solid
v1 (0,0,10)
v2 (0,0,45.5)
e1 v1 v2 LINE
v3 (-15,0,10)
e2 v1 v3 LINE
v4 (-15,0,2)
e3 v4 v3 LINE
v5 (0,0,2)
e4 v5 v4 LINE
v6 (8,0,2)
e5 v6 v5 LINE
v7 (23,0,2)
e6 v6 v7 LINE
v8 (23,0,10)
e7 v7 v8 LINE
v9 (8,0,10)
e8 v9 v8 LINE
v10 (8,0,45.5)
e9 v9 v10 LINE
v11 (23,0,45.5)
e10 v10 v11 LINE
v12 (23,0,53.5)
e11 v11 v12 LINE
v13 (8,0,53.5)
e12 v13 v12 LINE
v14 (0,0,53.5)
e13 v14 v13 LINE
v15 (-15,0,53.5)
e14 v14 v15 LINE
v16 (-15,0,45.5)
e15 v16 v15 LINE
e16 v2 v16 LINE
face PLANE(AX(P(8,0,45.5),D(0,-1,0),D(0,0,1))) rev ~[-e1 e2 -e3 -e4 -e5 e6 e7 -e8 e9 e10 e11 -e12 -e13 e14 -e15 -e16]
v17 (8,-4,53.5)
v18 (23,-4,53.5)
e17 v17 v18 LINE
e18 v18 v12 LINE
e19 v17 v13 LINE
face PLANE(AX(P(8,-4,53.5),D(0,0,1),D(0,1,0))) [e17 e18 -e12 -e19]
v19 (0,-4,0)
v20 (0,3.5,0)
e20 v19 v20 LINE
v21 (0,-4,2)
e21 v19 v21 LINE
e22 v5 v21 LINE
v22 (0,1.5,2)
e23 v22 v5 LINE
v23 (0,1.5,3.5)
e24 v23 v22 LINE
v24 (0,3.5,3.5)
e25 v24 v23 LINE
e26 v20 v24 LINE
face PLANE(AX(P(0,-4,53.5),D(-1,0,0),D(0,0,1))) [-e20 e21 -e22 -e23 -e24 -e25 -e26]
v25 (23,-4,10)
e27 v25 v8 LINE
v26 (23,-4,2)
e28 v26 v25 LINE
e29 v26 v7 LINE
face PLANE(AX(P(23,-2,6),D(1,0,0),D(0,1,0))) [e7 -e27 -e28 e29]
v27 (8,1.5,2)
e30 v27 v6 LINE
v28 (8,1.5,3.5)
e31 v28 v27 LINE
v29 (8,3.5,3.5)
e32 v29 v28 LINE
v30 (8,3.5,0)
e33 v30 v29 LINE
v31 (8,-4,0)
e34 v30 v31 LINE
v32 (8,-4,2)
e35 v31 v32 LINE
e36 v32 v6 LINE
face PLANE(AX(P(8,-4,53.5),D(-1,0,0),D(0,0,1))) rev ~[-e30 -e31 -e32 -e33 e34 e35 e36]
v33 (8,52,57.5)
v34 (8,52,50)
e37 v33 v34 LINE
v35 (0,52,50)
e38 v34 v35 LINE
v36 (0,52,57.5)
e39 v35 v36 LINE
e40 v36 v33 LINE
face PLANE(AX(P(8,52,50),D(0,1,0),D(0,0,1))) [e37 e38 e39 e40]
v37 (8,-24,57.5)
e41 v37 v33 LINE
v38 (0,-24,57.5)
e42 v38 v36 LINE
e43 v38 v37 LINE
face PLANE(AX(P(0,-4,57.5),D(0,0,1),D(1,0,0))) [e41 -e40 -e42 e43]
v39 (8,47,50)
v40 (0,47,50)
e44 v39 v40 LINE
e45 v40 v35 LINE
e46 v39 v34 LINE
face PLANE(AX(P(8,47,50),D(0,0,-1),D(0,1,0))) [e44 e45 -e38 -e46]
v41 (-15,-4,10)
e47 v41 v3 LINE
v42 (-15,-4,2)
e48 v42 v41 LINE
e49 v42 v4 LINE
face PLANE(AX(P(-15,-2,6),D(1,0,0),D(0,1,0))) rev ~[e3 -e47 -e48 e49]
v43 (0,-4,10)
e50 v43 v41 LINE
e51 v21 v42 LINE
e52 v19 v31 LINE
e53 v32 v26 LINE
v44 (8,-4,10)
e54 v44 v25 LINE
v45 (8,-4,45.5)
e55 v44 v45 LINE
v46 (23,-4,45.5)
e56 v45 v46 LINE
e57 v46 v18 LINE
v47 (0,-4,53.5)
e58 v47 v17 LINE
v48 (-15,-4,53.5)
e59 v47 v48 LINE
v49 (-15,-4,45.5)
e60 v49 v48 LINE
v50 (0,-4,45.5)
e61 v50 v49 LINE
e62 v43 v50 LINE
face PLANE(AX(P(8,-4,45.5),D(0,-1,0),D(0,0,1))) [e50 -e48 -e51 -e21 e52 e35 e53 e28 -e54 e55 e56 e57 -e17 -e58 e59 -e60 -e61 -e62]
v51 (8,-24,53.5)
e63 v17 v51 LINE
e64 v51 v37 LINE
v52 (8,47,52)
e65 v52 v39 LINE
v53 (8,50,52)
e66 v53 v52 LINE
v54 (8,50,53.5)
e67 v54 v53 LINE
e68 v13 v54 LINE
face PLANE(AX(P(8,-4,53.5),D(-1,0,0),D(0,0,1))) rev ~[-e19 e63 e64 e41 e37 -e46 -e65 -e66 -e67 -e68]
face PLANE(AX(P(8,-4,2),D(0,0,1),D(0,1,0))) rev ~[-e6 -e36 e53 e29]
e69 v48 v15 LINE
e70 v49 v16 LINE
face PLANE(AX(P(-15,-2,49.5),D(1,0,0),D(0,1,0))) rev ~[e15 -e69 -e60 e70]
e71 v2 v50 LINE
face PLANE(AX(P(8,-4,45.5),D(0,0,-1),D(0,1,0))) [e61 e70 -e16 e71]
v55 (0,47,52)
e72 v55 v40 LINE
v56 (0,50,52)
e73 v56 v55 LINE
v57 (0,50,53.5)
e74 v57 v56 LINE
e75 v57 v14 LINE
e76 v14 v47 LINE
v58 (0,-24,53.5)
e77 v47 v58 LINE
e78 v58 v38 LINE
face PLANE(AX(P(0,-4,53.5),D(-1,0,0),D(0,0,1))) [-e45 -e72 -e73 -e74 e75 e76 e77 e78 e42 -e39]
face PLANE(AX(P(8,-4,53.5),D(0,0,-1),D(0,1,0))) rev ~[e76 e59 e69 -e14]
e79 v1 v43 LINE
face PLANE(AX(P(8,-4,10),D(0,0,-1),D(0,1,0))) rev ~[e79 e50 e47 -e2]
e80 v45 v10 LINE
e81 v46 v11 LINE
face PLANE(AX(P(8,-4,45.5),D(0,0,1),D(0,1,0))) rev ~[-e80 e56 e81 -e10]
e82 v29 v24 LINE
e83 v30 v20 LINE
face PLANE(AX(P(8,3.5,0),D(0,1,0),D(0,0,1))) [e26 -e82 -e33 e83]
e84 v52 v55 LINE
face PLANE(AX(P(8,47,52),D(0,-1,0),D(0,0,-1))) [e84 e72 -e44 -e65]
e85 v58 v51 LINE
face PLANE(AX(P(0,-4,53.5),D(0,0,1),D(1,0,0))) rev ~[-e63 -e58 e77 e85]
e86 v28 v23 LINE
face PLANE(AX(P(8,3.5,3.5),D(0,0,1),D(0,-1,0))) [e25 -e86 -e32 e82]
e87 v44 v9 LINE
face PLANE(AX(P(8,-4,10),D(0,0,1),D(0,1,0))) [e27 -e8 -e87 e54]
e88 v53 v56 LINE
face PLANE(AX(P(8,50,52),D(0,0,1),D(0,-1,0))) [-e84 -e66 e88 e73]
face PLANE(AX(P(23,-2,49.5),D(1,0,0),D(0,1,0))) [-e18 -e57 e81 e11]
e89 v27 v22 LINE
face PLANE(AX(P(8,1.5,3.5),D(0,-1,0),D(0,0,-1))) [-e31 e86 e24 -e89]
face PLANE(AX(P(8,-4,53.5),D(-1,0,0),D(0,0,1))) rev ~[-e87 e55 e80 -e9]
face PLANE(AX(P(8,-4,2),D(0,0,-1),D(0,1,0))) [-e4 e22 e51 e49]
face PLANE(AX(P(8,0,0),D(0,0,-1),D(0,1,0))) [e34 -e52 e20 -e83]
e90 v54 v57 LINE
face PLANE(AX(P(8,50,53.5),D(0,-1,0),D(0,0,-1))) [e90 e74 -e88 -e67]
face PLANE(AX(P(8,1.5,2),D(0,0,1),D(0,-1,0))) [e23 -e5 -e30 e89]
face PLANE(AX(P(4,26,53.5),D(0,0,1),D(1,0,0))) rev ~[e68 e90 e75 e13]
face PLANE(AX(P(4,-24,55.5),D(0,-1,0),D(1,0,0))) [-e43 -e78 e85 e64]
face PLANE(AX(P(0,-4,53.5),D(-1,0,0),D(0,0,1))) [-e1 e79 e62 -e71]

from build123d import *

# Parameters (mm, degrees)
F0_W           = 8
F0_H           = 53.5
F1_DEPTH       = 4
F2_W           = 8
F2_H           = 52
F2_H_2         = 4
F3_DEPTH       = 4
F5_DEPTH       = 8
F7_DEPTH       = 8
F9_W           = 8
F9_H           = 4
F10_DEPTH      = 20
F11_W          = 4
F11_H          = 8
F12_DEPTH      = 15
F12_DEPTH_BACK = 23


with BuildPart() as f1:
    # F0 (on Front) → F1 (new body)
    with BuildSketch(Plane.XZ):
        with Locations((4, 26.75)):
            Rectangle(F0_W, F0_H)
    extrude(amount=F1_DEPTH)

    # F2 (on face) → F3 (join)
    with BuildSketch(Plane.XY.offset(53.5)):
        with Locations((4, 26)):
            Rectangle(F2_W, F2_H)
        with Locations((4, -2)):
            Rectangle(F2_W, F2_H_2)
    extrude(amount=F3_DEPTH)

    # F4 (on face) → F5 (join)
    with BuildSketch(Plane.YZ.offset(8)):
        Polygon((52, 50), (52, 53.5), (50, 53.5), (50, 52), (47, 52), (47, 50), (50, 50), align=None)
    extrude(amount=-F5_DEPTH)


with BuildPart() as f7:
    # F6 (on face) → F7 (new body)
    with BuildSketch(Plane.YZ.offset(8)):
        Polygon((0, 2), (0, 0), (3.5, 0), (3.5, 2), (3.5, 3.5), (1.5, 3.5), (1.5, 2), align=None)
    extrude(amount=-F7_DEPTH)


with BuildPart() as f1_1:
    add(f1.part)

    # F8: union F7
    add(f7.part)

    # F9 (on face) → F10 (join)
    with BuildSketch(Plane.XZ.offset(4)):
        with Locations((4, 55.5)):
            Rectangle(F9_W, F9_H)
    extrude(amount=F10_DEPTH)

    # F11 (on face) → F12 (join, two sides)
    with BuildSketch(Plane.YZ.offset(8)) as f12_sk:
        with Locations((-2, 49.5)):
            Rectangle(F11_W, F11_H)
        with Locations((-2, 6)):
            Rectangle(F11_W, F11_H)
    extrude(amount=F12_DEPTH)
    extrude(f12_sk.sketch, amount=-F12_DEPTH_BACK)


solid = f1_1.part
